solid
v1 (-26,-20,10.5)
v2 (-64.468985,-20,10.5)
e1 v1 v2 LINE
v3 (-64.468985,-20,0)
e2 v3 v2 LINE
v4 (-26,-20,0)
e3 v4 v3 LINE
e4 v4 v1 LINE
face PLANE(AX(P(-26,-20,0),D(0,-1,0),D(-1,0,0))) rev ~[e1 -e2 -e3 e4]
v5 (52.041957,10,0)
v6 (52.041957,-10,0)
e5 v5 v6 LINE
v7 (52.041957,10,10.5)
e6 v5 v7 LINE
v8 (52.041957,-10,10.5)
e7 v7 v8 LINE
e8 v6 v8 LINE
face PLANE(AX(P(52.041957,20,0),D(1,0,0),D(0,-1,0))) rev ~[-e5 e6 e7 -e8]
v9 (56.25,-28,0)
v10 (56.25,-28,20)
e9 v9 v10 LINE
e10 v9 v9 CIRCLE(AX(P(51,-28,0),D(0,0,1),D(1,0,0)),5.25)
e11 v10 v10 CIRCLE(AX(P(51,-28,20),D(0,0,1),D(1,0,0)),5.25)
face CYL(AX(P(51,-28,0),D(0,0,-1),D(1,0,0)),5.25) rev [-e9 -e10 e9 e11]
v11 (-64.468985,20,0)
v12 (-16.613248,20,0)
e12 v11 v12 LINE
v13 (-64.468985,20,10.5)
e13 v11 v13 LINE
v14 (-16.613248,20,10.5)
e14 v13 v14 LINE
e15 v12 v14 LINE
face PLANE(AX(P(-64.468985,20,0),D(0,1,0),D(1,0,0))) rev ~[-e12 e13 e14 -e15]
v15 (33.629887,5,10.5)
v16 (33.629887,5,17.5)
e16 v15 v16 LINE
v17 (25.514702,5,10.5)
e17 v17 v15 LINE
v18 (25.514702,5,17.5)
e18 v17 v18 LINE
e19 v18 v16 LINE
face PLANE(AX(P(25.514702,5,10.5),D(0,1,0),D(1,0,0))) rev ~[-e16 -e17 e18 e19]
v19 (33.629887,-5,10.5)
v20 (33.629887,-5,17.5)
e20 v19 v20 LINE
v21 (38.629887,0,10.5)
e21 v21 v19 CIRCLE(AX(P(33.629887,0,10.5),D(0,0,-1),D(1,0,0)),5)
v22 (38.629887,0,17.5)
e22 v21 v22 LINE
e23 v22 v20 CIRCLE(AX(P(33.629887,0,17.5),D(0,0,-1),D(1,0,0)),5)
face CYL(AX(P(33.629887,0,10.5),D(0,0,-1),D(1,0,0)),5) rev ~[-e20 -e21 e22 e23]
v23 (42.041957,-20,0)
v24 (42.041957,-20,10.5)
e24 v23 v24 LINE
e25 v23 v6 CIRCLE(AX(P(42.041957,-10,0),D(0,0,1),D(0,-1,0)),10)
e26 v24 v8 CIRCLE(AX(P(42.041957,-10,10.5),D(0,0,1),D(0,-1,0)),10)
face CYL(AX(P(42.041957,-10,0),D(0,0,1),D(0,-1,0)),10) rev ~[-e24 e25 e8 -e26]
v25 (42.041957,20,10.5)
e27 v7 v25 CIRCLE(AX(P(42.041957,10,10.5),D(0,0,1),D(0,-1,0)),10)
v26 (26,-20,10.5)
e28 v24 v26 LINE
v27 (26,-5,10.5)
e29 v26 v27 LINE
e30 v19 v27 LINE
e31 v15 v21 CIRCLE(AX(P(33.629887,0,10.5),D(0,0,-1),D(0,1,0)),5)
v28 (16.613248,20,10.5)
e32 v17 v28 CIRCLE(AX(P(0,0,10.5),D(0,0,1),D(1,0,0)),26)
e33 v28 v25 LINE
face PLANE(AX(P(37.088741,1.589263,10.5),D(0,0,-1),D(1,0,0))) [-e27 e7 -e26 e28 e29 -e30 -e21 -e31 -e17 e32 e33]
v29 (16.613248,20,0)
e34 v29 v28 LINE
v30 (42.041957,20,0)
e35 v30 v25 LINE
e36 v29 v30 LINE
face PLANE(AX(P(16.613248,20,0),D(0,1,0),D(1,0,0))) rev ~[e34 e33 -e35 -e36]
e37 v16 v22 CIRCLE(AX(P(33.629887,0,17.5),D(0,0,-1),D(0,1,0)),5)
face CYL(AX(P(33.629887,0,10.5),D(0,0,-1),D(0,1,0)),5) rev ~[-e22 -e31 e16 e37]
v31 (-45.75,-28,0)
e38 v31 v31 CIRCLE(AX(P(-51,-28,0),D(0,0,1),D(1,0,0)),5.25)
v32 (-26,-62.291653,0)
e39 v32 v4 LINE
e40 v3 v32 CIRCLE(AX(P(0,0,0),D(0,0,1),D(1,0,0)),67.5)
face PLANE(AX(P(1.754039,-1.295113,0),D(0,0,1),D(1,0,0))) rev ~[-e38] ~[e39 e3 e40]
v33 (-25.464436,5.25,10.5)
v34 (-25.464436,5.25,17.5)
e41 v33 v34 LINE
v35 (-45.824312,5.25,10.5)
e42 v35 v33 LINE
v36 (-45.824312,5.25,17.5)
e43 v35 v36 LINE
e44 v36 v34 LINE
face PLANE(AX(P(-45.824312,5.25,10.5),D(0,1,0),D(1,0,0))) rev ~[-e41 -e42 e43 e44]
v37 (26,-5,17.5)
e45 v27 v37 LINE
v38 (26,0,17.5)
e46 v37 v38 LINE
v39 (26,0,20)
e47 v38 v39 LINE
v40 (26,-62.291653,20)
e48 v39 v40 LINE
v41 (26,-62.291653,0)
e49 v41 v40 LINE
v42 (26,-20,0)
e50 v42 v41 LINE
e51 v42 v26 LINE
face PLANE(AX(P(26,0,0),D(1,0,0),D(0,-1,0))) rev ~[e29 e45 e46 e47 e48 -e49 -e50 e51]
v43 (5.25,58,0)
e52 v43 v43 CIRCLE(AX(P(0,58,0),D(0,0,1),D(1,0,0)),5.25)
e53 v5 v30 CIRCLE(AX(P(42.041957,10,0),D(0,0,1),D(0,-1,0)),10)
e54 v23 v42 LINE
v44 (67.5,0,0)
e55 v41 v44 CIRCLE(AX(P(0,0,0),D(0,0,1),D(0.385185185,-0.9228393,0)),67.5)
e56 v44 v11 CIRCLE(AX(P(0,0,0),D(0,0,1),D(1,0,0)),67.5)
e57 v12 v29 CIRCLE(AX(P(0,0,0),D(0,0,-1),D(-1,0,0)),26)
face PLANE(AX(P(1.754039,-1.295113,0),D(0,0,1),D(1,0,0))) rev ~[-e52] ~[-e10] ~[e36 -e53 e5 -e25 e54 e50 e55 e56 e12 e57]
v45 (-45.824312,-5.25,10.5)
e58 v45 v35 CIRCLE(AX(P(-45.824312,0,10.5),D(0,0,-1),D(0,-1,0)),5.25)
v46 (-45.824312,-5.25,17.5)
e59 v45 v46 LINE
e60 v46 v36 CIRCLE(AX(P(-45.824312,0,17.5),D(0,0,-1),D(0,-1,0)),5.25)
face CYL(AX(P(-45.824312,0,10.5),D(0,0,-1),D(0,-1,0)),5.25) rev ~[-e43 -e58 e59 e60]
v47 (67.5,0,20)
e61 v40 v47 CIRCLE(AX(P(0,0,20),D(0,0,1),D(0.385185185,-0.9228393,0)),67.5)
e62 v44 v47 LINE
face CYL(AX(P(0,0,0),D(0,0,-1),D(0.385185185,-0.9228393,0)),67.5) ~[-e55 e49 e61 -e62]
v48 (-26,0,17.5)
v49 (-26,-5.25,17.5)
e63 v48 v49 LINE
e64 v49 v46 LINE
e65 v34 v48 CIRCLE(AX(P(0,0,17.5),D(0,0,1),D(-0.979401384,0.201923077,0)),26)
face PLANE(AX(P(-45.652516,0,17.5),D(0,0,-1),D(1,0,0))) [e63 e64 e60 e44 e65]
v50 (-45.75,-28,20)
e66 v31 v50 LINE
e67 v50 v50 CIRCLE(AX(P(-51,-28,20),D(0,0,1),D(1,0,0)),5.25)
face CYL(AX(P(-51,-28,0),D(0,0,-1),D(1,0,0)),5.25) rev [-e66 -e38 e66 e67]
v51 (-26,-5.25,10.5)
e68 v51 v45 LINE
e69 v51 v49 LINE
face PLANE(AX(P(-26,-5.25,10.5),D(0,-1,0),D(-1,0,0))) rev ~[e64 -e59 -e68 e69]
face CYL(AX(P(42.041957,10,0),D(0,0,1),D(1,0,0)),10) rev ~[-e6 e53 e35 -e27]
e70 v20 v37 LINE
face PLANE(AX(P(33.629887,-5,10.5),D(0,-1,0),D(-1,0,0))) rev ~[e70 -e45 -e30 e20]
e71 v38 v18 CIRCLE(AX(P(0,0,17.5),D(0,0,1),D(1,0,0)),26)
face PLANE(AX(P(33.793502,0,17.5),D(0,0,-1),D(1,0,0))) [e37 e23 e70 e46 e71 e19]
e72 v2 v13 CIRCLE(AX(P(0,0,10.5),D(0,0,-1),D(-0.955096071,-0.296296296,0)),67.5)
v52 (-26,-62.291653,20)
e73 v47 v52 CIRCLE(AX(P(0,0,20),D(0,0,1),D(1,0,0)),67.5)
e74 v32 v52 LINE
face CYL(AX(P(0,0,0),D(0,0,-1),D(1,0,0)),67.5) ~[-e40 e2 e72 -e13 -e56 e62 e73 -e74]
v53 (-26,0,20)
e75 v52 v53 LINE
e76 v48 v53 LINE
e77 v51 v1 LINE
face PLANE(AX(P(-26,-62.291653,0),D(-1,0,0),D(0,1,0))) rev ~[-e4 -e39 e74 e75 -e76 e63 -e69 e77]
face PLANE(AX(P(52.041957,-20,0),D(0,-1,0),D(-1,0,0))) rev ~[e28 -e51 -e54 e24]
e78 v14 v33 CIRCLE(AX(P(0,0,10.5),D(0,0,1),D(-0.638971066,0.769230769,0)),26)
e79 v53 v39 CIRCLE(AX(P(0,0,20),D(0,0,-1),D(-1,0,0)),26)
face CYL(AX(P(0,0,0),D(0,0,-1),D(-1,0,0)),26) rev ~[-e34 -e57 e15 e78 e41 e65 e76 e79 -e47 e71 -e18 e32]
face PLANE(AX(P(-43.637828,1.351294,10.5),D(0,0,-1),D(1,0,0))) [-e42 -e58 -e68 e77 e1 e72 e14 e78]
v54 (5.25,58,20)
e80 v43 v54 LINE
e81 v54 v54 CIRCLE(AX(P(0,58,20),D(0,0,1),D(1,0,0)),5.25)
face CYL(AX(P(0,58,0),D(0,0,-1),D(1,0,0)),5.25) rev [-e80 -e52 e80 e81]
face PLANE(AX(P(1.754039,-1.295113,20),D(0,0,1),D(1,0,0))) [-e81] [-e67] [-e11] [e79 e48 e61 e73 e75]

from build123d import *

# Parameters (mm, degrees)
F0_R     = 5.25
F1_DEPTH = 20
F3_DEPTH = 10.5
F4_R     = 10
F6_DEPTH = 7
F8_DEPTH = 7


with BuildPart() as f1:
    # F0 (on Top) → F1 (new body)
    with BuildSketch(Plane.XY):
        with BuildLine():
            ThreePointArc((26, -62.2916527313), (56.1749499332, -37.4249248496), (67.5, 0))
            ThreePointArc((67.5, 0), (-37.4249248496, 56.1749499332), (-26, -62.2916527313))
            Line((-26, -62.2916527313), (-26, 0))
            ThreePointArc((-26, 0), (0, 26), (26, 0))
            Line((26, 0), (26, -62.2916527313))
        make_face()
        with Locations((-51, -28)):
            Circle(F0_R, mode=Mode.SUBTRACT)
        with Locations((51, -28)):
            Circle(F0_R, mode=Mode.SUBTRACT)
        with Locations((0, 58)):
            Circle(F0_R, mode=Mode.SUBTRACT)
    extrude(amount=F1_DEPTH)

    # F2 (on face) → F3 (cut)
    with BuildSketch(Plane(origin=(0, 0, 0), x_dir=(1, 0, 0), z_dir=(0, 0, -1))):
        with BuildLine():
            Line((16.6132477258, -20), (52.0419568735, -20))
            Line((52.0419568735, -20), (52.0419568735, 20))
            Line((52.0419568735, 20), (26, 20))
            Line((26, 20), (26, 0))
            ThreePointArc((26, 0), (23.5366144642, -11.0466184674), (16.6132477258, -20))
        make_face()
        with BuildLine():
            Line((-64.4689847911, -20), (-16.6132477258, -20))
            ThreePointArc((-16.6132477258, -20), (-23.5366144642, -11.0466184674), (-26, 0))
            Line((-26, 0), (-26, 20))
            Line((-26, 20), (-64.4689847911, 20))
            ThreePointArc((-64.4689847911, 20), (-67.5, 0), (-64.4689847911, -20))
        make_face()
    extrude(amount=-F3_DEPTH, mode=Mode.SUBTRACT)

    # F4
    f4_edges = [f1.edges().sort_by_distance(p)[0] for p in [
        (52.041957, 20, 5.25),
        (52.041957, -20, 5.25),
    ]]
    fillet(f4_edges, radius=F4_R)

    # F5 (on face) → F6 (cut)
    with BuildSketch(Plane(origin=(0, 0, 10.5), x_dir=(1, 0, 0), z_dir=(0, 0, -1))):
        with BuildLine():
            ThreePointArc((33.629886806, -5), (37.1654207119, -3.5355339059), (38.629886806, 0))
            ThreePointArc((38.629886806, 0), (37.1654207119, 3.5355339059), (33.629886806, 5))
            ThreePointArc((33.629886806, 5), (28.629886806, 0), (33.629886806, -5))
        make_face()
        with BuildLine():
            ThreePointArc((33.629886806, -5), (28.629886806, 0), (33.629886806, 5))
            Line((33.629886806, 5), (26, 5))
            Line((26, 5), (26, 0))
            ThreePointArc((26, 0), (25.8783910121, -2.511748121), (25.5147016443, -5))
            Line((25.5147016443, -5), (33.629886806, -5))
        make_face()
    extrude(amount=-F6_DEPTH, mode=Mode.SUBTRACT)

    # F7 (on face) → F8 (cut)
    with BuildSketch(Plane(origin=(0, 0, 10.5), x_dir=(1, 0, 0), z_dir=(0, 0, -1))):
        with BuildLine():
            ThreePointArc((-45.8243116736, -5.25), (-42.1120010724, -3.7123106012), (-40.5743116736, 0))
            ThreePointArc((-40.5743116736, 0), (-42.1120010724, 3.7123106012), (-45.8243116736, 5.25))
            ThreePointArc((-45.8243116736, 5.25), (-51.0743116736, 0), (-45.8243116736, -5.25))
        make_face()
        with BuildLine():
            ThreePointArc((-45.8243116736, 5.25), (-42.1120010724, 3.7123106012), (-40.5743116736, 0))
            ThreePointArc((-40.5743116736, 0), (-42.1120010724, -3.7123106012), (-45.8243116736, -5.25))
            Line((-45.8243116736, -5.25), (-25.4644359843, -5.25))
            ThreePointArc((-25.4644359843, -5.25), (-25.8657624631, -2.6386231644), (-26, 0))
            Line((-26, 0), (-26, 5.25))
            Line((-26, 5.25), (-45.8243116736, 5.25))
        make_face()
    extrude(amount=-F8_DEPTH, mode=Mode.SUBTRACT)


solid = f1.part
